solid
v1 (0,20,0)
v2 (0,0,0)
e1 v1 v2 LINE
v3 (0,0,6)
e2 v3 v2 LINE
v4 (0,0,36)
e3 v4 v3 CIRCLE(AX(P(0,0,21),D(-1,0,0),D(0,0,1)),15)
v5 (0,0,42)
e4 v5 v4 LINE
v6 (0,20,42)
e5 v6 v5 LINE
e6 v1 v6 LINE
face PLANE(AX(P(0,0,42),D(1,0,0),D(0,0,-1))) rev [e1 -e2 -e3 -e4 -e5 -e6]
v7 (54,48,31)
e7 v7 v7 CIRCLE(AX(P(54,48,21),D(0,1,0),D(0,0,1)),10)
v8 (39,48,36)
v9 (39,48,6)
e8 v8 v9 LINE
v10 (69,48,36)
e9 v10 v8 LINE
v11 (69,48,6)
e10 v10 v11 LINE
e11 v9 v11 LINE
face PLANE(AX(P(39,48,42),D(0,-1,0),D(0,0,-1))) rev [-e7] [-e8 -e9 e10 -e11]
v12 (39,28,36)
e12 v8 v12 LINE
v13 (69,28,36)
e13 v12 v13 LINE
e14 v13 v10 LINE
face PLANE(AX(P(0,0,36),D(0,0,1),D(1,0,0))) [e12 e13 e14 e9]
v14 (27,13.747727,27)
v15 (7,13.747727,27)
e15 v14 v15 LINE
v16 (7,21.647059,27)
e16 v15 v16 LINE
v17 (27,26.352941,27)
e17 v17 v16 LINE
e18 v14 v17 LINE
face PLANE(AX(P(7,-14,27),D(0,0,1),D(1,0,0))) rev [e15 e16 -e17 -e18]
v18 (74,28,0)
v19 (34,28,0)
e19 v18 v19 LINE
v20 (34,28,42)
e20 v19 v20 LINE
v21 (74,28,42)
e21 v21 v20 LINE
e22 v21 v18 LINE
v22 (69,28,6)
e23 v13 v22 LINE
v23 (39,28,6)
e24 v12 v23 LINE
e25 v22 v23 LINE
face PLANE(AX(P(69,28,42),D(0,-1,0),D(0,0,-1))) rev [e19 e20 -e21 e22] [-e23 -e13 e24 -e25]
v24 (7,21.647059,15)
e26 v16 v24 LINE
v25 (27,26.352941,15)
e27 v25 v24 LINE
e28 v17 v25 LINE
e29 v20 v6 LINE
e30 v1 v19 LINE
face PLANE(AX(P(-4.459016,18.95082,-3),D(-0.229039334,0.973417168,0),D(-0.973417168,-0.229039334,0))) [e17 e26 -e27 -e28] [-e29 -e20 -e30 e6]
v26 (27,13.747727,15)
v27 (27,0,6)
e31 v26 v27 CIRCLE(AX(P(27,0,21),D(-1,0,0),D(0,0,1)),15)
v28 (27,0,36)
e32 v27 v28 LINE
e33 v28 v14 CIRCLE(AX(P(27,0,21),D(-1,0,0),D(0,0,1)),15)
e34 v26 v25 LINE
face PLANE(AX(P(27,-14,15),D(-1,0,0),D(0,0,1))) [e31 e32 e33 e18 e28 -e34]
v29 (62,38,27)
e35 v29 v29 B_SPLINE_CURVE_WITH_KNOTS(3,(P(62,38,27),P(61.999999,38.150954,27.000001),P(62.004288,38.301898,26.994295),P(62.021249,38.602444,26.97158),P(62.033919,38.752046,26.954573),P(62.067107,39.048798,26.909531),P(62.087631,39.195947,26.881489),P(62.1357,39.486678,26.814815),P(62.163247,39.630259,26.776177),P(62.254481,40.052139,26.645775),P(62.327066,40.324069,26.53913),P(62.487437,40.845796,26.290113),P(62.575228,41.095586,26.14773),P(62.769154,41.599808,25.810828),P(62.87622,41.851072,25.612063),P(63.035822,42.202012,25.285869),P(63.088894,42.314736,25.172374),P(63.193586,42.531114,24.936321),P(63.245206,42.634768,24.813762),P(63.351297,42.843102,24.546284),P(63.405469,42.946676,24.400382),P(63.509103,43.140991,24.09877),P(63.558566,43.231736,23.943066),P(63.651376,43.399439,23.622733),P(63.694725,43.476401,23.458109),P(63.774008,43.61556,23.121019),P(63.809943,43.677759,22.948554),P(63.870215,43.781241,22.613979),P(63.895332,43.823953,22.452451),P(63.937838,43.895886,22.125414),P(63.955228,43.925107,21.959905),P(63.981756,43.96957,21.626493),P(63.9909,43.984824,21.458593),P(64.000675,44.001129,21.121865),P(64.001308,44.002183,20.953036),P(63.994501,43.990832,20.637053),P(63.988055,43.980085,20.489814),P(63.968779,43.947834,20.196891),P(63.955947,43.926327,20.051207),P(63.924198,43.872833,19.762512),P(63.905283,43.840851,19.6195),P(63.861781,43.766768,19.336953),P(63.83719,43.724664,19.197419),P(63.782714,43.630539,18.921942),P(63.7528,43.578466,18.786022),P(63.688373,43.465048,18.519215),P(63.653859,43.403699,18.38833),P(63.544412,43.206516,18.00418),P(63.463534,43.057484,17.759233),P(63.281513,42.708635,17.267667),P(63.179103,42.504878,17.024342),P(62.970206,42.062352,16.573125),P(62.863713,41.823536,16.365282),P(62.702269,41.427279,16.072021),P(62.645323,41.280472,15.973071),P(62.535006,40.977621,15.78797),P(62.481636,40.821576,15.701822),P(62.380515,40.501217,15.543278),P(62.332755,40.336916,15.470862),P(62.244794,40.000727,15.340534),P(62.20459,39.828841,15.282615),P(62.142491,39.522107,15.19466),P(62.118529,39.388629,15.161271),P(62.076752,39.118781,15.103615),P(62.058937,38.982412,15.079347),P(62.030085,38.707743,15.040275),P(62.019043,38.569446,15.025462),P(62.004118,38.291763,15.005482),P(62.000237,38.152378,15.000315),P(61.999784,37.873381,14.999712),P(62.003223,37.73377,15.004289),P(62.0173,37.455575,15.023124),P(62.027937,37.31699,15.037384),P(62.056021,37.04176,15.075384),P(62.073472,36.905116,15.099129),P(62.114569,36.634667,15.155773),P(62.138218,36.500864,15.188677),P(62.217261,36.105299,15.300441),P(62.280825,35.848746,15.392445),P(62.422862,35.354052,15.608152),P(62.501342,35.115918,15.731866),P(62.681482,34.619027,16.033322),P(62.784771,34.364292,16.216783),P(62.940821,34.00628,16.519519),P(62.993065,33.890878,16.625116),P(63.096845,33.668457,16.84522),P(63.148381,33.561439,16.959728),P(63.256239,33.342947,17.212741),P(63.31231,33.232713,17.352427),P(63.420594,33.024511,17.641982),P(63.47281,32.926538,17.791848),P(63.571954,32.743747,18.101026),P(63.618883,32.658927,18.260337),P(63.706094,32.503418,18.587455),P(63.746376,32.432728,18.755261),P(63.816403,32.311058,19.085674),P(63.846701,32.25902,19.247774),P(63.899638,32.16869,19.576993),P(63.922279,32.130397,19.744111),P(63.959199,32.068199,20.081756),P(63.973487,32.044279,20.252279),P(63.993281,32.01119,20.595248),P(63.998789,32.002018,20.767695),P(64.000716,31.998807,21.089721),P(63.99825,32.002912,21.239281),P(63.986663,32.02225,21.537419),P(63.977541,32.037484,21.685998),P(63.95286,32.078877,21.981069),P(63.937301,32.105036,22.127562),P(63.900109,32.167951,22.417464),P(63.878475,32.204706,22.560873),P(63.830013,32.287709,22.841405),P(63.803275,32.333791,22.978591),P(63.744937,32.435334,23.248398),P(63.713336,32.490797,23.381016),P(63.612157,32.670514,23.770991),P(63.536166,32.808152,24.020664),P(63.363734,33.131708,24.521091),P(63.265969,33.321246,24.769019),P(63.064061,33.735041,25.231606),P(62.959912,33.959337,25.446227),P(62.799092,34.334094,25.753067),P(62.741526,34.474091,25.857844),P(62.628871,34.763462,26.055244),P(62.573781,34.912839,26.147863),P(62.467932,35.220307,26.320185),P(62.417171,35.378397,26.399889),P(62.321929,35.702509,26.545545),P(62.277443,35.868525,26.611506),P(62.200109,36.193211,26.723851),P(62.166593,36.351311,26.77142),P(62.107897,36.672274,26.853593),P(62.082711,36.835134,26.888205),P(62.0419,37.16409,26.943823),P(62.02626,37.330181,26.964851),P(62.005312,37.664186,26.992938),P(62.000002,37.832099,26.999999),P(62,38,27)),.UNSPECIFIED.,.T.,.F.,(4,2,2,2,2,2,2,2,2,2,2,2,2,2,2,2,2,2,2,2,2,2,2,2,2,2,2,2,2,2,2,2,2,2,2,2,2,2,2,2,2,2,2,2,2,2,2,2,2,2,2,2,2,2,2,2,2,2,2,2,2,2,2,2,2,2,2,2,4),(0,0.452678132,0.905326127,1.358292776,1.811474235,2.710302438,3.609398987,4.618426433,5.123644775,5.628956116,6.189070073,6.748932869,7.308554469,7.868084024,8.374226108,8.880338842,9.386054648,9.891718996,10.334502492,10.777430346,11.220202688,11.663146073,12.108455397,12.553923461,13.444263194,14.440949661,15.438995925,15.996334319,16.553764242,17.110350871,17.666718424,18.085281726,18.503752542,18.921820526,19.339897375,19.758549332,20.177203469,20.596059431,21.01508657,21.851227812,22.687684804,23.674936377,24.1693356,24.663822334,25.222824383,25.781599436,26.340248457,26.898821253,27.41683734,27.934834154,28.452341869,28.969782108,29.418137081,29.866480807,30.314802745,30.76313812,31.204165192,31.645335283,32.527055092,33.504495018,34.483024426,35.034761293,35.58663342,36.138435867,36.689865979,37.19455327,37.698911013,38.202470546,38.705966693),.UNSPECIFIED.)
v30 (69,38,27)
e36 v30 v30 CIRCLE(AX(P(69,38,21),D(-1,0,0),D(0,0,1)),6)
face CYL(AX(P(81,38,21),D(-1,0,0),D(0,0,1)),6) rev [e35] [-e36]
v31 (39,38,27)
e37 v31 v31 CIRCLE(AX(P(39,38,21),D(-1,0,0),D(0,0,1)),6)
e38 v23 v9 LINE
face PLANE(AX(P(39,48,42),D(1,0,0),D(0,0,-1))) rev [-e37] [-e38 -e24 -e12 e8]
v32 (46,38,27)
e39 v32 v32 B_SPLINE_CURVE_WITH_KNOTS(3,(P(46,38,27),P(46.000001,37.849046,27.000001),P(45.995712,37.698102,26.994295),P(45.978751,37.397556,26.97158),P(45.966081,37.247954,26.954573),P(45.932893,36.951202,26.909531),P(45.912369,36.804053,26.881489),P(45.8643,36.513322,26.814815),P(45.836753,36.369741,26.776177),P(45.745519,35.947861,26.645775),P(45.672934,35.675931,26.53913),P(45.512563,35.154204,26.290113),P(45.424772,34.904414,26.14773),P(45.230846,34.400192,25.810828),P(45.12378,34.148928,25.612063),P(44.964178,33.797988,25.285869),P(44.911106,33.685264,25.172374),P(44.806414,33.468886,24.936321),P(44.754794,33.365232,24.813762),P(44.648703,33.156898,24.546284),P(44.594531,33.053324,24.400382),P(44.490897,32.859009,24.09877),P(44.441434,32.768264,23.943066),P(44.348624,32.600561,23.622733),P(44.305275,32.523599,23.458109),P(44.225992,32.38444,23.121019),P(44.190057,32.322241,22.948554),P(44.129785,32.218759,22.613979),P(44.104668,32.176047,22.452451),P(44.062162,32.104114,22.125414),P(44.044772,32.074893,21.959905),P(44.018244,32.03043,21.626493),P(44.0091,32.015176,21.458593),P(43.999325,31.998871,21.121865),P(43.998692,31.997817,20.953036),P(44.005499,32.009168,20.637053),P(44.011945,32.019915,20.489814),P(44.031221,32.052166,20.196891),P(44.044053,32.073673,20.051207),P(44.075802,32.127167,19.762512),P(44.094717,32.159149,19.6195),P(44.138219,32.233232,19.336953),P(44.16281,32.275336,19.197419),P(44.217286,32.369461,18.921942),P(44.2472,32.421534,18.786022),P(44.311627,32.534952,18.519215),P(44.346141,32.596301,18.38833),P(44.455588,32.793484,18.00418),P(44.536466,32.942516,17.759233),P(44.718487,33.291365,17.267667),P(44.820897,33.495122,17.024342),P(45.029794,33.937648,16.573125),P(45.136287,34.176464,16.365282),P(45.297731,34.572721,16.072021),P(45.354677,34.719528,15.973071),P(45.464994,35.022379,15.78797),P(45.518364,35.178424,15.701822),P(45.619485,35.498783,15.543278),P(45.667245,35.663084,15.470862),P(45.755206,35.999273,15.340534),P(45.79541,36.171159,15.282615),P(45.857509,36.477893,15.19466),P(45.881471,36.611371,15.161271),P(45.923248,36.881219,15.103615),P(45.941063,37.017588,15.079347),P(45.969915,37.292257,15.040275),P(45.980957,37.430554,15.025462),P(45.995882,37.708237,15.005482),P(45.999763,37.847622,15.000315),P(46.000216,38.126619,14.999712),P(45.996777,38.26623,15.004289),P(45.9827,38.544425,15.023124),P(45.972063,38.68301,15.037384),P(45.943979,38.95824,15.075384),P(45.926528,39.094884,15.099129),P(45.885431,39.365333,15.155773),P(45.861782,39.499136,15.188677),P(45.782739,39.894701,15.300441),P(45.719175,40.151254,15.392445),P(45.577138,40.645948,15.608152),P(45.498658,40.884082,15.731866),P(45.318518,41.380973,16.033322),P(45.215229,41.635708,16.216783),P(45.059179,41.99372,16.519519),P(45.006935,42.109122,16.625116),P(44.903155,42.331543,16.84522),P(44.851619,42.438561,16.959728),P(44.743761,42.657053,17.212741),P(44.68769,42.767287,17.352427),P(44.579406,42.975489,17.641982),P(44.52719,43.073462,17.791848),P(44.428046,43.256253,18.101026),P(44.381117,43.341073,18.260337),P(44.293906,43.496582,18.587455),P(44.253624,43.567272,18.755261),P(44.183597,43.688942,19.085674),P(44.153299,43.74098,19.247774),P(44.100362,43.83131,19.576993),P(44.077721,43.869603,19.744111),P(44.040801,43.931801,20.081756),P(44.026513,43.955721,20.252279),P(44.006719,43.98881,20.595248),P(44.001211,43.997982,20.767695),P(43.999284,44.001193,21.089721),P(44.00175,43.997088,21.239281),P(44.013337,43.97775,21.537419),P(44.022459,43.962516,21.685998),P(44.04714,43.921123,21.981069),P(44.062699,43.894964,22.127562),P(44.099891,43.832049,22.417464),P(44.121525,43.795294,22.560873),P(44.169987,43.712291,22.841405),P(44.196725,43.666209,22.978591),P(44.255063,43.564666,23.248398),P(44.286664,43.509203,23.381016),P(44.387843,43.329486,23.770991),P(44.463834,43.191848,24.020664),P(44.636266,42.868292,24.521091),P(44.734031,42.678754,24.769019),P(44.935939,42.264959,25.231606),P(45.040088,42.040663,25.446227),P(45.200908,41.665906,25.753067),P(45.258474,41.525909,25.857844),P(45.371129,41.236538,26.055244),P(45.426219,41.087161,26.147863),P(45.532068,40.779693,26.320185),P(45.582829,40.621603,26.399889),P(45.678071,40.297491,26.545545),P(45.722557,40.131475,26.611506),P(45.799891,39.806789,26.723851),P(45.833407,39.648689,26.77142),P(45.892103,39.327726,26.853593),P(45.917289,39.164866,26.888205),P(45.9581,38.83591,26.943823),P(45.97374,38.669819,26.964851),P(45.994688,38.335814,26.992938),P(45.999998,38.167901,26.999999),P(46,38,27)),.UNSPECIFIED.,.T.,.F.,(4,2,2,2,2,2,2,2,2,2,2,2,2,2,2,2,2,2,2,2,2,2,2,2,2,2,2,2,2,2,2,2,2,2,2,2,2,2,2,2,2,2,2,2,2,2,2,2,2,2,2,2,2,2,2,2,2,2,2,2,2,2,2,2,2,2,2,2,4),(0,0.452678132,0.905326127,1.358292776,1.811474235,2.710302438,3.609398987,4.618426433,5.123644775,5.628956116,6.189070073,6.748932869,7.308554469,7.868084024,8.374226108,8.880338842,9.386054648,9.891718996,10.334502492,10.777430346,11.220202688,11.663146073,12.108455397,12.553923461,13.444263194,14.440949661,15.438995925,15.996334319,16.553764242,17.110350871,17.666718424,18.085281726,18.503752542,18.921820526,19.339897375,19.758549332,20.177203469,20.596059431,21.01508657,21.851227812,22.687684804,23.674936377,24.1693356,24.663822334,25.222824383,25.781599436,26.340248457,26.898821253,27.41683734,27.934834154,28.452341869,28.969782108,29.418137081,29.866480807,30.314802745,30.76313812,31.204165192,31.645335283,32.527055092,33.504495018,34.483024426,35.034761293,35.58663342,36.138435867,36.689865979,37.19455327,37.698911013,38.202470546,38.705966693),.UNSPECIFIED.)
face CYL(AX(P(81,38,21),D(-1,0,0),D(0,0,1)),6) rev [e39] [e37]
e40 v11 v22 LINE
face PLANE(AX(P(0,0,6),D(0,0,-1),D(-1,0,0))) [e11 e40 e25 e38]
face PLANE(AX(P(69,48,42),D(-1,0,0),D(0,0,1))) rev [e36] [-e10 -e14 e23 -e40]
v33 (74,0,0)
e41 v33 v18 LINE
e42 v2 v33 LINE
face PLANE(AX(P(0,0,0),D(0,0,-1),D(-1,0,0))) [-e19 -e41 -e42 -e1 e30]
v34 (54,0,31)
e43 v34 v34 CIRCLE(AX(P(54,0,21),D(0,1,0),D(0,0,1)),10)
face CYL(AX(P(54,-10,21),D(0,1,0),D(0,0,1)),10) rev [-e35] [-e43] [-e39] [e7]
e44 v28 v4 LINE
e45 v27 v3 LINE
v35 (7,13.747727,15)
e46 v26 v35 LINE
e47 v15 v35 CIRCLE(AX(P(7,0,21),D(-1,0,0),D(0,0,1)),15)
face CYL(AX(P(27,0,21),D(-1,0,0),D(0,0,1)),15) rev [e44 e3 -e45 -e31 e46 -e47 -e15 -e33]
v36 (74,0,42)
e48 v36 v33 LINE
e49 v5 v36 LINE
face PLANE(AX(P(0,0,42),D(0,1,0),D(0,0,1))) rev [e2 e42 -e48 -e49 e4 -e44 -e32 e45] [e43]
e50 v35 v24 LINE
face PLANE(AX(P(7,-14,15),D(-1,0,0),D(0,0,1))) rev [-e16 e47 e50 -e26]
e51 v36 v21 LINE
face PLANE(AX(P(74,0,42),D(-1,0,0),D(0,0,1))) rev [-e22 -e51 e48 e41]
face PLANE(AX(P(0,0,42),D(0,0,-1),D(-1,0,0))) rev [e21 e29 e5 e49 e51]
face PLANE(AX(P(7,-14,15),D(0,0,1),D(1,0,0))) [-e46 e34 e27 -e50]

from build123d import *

# Parameters (mm, degrees)
BOSS_EXTRUDE1_DEPTH = 42
SKETCH3_W           = 20
SKETCH3_H           = 12
CUT_EXTRUDE1_DEPTH  = 42
CUT_EXTRUDE2_DEPTH  = 45
SKETCH5_W           = 30
SKETCH5_H           = 20
CUT_EXTRUDE3_DEPTH  = 6
SKETCH6_W           = 30
SKETCH6_H           = 20
CUT_EXTRUDE4_DEPTH  = 6
CUT_EXTRUDE5_DEPTH  = 27
SKETCH8_R           = 6
CUT_EXTRUDE6_DEPTH  = 42
SKETCH9_R           = 7.5
CUT_EXTRUDE7_DEPTH  = 70
CUT_EXTRUDE8_DEPTH  = 27
SKETCH11_R          = 10
CUT_EXTRUDE9_DEPTH  = 58


with BuildPart() as part:
    # Sketch2 → Boss-Extrude1 (new body)
    with BuildSketch(Plane.XY):
        Polygon((0, 28), (39, 28), (39, 48), (69, 48), (69, 28), (74, 28), (74, 0), (0, 0), align=None)
    extrude(amount=BOSS_EXTRUDE1_DEPTH)

    # Sketch3 → Cut-Extrude1 (cut)
    with BuildSketch(Plane(origin=(0, 28, 0), x_dir=(1, 0, 0), z_dir=(0, 1, 0))):
        with Locations((17, -21)):
            Rectangle(SKETCH3_W, SKETCH3_H)
    extrude(amount=-CUT_EXTRUDE1_DEPTH, mode=Mode.SUBTRACT)

    # Sketch4 → Cut-Extrude2 (cut)
    with BuildSketch(Plane.XY.offset(42)):
        Polygon((0, 20), (34, 28), (0, 28), align=None)
    extrude(amount=-CUT_EXTRUDE2_DEPTH, mode=Mode.SUBTRACT)

    # Sketch5 → Cut-Extrude3 (cut)
    with BuildSketch(Plane.XY.offset(42)):
        with Locations((54, 38)):
            Rectangle(SKETCH5_W, SKETCH5_H)
    extrude(amount=-CUT_EXTRUDE3_DEPTH, mode=Mode.SUBTRACT)

    # Sketch6 → Cut-Extrude4 (cut)
    with BuildSketch(Plane(origin=(0, 0, 0), x_dir=(-1, 0, 0), z_dir=(0, 0, -1))):
        with Locations((-54, 38)):
            Rectangle(SKETCH6_W, SKETCH6_H)
    extrude(amount=-CUT_EXTRUDE4_DEPTH, mode=Mode.SUBTRACT)

    # Sketch7 → Cut-Extrude5 (cut)
    with BuildSketch(Plane.ZY):
        with BuildLine():
            ThreePointArc((13.5, 0), (21, -7.5), (28.5, 0))
            Line((28.5, 0), (13.5, 0))
        make_face()
        with BuildLine():
            Line((13.5, 0), (28.5, 0))
            ThreePointArc((28.5, 0), (21, 7.5), (13.5, 0))
        make_face()
    extrude(amount=-CUT_EXTRUDE5_DEPTH, mode=Mode.SUBTRACT)

    # Sketch8 → Cut-Extrude6 (cut)
    with BuildSketch(Plane.ZY.offset(-39)):
        with Locations((21, 38)):
            Circle(SKETCH8_R)
    extrude(amount=-CUT_EXTRUDE6_DEPTH, mode=Mode.SUBTRACT)

    # Sketch9 → Cut-Extrude7 (cut)
    with BuildSketch(Plane(origin=(0, 48, 0), x_dir=(1, 0, 0), z_dir=(0, 1, 0))):
        with Locations(Location((54, -21, 0), (0, 0, 270))):
            Circle(SKETCH9_R)
    extrude(amount=-CUT_EXTRUDE7_DEPTH, mode=Mode.SUBTRACT)

    # Sketch10 → Cut-Extrude8 (cut)
    with BuildSketch(Plane.ZY):
        with BuildLine():
            ThreePointArc((36, 0), (21, 15), (6, 0))
            Line((6, 0), (13.5, 0))
            ThreePointArc((13.5, 0), (21, 7.5), (28.5, 0))
            Line((28.5, 0), (36, 0))
        make_face()
        with BuildLine():
            Line((13.5, 0), (6, 0))
            ThreePointArc((6, 0), (21, -15), (36, 0))
            Line((36, 0), (28.5, 0))
            ThreePointArc((28.5, 0), (21, 7.5), (13.5, 0))
        make_face()
    extrude(amount=-CUT_EXTRUDE8_DEPTH, mode=Mode.SUBTRACT)

    # Sketch11 → Cut-Extrude9 (cut)
    with BuildSketch(Plane(origin=(0, 48, 0), x_dir=(1, 0, 0), z_dir=(0, 1, 0))):
        with Locations(Location((54, -21, 0), (0, 0, 270))):
            Circle(SKETCH11_R)
    extrude(amount=-CUT_EXTRUDE9_DEPTH, mode=Mode.SUBTRACT)


solid = part.part
